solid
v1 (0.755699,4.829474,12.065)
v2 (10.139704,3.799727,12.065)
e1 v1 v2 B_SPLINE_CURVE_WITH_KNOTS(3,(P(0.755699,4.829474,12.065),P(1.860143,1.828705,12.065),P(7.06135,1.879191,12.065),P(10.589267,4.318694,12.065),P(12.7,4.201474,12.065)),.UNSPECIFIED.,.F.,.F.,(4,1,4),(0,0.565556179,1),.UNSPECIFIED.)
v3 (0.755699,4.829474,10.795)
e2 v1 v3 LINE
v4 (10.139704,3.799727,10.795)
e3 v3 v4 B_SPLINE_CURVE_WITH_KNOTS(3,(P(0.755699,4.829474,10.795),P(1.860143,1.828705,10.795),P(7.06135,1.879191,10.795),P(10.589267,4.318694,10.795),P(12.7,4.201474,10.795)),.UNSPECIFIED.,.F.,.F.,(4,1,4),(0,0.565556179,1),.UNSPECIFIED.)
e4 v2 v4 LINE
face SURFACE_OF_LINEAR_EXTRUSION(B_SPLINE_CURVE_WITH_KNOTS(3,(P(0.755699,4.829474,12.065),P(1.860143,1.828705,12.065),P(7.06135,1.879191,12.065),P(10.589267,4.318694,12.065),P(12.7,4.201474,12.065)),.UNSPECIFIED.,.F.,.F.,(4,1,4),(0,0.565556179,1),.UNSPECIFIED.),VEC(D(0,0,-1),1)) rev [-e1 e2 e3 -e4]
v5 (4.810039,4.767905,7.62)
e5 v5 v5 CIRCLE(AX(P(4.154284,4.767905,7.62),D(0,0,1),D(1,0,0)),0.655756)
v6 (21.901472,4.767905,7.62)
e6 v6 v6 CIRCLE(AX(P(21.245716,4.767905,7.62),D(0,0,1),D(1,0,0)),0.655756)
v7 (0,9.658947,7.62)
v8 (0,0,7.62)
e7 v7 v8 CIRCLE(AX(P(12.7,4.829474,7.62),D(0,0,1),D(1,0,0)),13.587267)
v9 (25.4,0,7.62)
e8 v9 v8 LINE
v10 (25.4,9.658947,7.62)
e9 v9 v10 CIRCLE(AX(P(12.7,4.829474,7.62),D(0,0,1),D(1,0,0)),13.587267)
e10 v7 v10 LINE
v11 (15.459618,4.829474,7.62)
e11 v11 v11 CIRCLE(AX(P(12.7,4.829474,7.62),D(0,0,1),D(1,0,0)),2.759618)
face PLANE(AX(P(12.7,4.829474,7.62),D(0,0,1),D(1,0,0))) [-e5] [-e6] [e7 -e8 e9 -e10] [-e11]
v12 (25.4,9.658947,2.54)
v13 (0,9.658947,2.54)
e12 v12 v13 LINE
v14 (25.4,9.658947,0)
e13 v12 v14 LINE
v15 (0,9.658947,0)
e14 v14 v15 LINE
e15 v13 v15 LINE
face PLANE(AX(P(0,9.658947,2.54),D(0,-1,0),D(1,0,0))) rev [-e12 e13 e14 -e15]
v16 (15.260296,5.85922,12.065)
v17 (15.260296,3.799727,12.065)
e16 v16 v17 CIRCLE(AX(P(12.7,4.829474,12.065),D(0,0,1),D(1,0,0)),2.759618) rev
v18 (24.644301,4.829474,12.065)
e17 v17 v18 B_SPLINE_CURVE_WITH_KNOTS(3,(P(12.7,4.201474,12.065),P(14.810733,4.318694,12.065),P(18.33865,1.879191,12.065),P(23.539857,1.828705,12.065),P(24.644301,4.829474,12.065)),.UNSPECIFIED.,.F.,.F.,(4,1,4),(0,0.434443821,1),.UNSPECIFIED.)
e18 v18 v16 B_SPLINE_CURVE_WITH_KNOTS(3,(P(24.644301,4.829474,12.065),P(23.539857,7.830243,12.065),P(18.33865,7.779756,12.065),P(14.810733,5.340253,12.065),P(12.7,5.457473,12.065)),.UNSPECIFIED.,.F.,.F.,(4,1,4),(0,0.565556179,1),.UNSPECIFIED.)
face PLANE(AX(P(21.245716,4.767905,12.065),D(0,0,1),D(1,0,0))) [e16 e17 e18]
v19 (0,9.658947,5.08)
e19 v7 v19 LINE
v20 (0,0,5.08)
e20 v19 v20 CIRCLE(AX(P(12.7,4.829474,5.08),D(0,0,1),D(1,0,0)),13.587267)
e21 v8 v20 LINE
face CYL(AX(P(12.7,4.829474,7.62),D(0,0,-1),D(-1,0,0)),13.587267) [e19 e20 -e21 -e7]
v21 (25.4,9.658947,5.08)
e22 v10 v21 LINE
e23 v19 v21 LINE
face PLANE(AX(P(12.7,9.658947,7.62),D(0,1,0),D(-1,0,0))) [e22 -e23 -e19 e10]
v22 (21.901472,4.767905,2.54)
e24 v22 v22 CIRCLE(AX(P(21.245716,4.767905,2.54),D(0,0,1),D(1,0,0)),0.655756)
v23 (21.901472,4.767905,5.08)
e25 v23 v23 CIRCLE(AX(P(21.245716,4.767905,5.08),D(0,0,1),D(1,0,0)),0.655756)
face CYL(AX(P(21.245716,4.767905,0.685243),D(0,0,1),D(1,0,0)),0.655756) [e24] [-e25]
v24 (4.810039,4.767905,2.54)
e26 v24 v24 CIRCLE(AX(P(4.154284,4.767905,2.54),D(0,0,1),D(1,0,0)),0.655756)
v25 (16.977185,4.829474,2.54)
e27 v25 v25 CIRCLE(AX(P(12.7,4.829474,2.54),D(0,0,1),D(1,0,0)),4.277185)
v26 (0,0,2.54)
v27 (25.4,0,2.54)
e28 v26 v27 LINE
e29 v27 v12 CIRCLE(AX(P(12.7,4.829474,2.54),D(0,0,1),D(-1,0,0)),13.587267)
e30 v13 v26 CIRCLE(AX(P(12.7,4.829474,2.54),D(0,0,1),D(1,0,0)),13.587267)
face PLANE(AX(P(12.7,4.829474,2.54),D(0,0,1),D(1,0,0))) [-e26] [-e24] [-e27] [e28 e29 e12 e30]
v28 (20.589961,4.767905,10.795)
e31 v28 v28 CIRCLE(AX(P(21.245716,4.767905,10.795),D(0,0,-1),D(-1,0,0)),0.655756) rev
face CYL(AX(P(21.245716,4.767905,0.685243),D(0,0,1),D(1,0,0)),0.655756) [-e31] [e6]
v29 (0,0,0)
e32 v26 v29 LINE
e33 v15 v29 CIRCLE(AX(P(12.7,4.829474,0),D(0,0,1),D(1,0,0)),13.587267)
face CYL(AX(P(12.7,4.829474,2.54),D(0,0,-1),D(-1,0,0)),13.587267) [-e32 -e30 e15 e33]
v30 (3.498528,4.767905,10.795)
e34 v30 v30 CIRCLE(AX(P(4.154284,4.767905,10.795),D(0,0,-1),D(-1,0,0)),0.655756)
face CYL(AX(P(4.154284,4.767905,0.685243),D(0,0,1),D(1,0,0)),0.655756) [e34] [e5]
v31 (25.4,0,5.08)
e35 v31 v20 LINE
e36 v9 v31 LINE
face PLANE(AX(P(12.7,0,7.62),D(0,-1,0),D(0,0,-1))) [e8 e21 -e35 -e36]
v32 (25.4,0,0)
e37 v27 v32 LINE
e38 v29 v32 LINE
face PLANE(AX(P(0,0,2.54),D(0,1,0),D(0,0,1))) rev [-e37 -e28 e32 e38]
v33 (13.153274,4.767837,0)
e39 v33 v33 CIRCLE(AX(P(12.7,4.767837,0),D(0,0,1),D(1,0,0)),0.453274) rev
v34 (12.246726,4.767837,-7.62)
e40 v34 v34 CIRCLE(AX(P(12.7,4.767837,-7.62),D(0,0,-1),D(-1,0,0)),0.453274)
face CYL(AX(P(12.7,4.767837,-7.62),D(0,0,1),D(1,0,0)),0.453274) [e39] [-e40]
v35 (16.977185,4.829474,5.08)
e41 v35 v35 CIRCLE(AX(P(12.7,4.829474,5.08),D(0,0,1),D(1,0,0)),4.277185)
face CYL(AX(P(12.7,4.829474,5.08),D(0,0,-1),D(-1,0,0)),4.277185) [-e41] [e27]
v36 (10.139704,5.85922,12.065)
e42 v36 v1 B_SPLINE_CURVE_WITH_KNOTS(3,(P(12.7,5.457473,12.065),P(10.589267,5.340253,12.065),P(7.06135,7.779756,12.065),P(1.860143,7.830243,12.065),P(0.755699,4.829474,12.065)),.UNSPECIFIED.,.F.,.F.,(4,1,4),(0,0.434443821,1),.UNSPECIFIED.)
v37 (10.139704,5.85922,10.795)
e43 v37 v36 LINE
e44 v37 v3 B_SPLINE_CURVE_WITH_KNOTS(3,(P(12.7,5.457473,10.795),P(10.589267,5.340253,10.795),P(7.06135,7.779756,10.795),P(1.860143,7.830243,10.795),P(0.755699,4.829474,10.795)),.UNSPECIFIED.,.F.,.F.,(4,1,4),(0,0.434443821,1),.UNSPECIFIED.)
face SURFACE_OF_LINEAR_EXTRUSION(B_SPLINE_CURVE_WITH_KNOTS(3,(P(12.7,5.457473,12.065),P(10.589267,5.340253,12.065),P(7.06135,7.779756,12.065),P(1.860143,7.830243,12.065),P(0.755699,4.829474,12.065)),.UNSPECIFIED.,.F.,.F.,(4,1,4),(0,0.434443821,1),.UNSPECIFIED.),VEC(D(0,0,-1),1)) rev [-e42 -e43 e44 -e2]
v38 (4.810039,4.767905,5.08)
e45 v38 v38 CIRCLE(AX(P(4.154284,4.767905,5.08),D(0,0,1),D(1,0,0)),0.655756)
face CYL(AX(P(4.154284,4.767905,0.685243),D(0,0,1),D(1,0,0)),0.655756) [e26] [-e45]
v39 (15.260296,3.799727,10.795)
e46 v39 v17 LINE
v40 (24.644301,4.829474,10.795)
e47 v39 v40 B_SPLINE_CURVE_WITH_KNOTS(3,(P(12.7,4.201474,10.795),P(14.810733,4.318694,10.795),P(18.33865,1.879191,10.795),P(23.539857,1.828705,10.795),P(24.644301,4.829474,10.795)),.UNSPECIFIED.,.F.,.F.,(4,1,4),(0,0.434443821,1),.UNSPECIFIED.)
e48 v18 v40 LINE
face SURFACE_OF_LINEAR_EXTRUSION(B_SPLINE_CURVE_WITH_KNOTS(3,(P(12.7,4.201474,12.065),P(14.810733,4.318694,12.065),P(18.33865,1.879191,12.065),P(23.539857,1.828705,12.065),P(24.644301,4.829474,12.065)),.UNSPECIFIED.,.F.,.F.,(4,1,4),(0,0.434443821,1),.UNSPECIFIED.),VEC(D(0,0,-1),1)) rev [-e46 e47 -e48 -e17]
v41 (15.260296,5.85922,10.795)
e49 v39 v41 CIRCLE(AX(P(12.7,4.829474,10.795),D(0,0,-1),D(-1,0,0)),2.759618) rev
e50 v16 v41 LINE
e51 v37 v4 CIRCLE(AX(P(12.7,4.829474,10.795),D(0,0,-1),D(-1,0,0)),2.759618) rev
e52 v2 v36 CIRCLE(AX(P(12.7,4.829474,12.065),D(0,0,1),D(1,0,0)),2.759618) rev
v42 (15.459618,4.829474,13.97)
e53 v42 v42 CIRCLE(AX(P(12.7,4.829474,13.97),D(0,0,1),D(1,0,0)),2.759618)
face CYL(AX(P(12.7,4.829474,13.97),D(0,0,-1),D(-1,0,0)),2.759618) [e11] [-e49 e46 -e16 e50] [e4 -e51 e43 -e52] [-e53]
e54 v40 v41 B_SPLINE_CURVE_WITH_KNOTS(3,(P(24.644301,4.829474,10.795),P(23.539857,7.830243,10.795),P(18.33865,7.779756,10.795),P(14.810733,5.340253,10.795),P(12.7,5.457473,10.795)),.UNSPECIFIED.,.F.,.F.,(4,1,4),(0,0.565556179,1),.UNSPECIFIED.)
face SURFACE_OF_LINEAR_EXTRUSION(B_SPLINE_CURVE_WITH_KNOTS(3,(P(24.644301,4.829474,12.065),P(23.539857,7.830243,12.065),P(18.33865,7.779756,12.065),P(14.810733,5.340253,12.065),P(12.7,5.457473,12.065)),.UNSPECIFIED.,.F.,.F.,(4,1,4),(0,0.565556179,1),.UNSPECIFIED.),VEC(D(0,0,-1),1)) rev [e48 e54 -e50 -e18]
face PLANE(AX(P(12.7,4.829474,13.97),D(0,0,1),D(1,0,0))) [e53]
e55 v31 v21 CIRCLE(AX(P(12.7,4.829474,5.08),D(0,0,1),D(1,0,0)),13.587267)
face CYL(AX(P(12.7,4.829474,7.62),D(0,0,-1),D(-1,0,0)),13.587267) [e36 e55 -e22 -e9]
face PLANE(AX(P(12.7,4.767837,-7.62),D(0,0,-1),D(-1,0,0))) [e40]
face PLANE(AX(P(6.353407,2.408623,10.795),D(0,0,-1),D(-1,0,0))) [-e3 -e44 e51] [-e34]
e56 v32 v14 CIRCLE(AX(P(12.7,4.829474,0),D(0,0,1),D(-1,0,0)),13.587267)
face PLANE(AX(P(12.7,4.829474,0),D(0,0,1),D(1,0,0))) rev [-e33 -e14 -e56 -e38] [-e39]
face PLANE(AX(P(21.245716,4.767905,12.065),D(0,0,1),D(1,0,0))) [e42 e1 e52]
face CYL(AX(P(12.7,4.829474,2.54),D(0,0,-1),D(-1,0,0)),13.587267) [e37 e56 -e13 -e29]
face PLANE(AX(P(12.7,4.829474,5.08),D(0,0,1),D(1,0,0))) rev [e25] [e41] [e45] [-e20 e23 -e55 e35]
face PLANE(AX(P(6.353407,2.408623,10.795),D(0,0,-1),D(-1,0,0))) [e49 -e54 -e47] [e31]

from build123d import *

# Parameters (mm, degrees)
BOSS_EXTRUDE1_DEPTH = 2.54
SKETCH2_R           = 4.277185328
BOSS_EXTRUDE2_DEPTH = 2.54
BOSS_EXTRUDE3_START = 2.54
BOSS_EXTRUDE3_DEPTH = 2.54
BOSS_EXTRUDE4_START = 3.175
BOSS_EXTRUDE4_DEPTH = 1.27
BOSS_EXTRUDE5_START = -9.525
SKETCH6_R           = 0.655755768
BOSS_EXTRUDE5_DEPTH = 8.255
SKETCH7_R           = 2.759618061
BOSS_EXTRUDE6_DEPTH = 6.35
SKETCH8_R           = 0.453273613
BOSS_EXTRUDE7_DEPTH = 7.62


with BuildPart() as part:
    # Sketch1 → Boss-Extrude1 (new body)
    with BuildSketch(Plane.XY):
        with BuildLine():
            Line((0, 0), (25.4, 0))
            ThreePointArc((25.4, 0), (26.287266684, 4.829473672), (25.4, 9.658947345))
            Line((25.4, 9.658947345), (0, 9.658947345))
            ThreePointArc((0, 9.658947345), (-0.887266684, 4.829473672), (0, 0))
        make_face()
    extrude(amount=BOSS_EXTRUDE1_DEPTH)

    # Sketch2 → Boss-Extrude2 (add)
    with BuildSketch(Plane.XY.offset(2.54)):
        with Locations((12.7, 4.829473672)):
            Circle(SKETCH2_R)
    extrude(amount=BOSS_EXTRUDE2_DEPTH)

    # Sketch4 → Boss-Extrude3 (add)
    with BuildSketch(Plane.XY.offset(2.54).offset(BOSS_EXTRUDE3_START)):
        with BuildLine():
            Line((25.4, 0), (0, 0))
            ThreePointArc((0, 0), (-0.887266684, 4.829473672), (0, 9.658947345))
            Line((0, 9.658947345), (25.4, 9.658947345))
            ThreePointArc((25.4, 9.658947345), (26.287266684, 4.829473672), (25.4, 0))
        make_face()
    extrude(amount=BOSS_EXTRUDE3_DEPTH)



with BuildPart() as body_2:
    # Sketch5 → Boss-Extrude4 (new body)
    with BuildSketch(Plane.XY.offset(7.62).offset(BOSS_EXTRUDE4_START)):
        with BuildLine():
            add(Edge.make_bspline(
                [(12.7, 4.20147434), (14.810733294, 4.318694194), (18.338650019, 1.879191252), (23.539856959, 1.828704507), (24.644301026, 4.829473672)],
                knots=[0, 0, 0, 0, 0.434443821, 1, 1, 1, 1], degree=3))
            add(Edge.make_bspline(
                [(12.7, 5.457473005), (14.810733294, 5.340253151), (18.338650019, 7.779756093), (23.539856959, 7.830242837), (24.644301026, 4.829473672)],
                knots=[0, 0, 0, 0, 0.434443821, 1, 1, 1, 1], degree=3))
            add(Edge.make_bspline(
                [(12.7, 5.457473005), (10.589266706, 5.340253151), (7.061349981, 7.779756093), (1.860143041, 7.830242837), (0.755698974, 4.829473672)],
                knots=[0, 0, 0, 0, 0.434443821, 1, 1, 1, 1], degree=3))
            add(Edge.make_bspline(
                [(12.7, 4.20147434), (10.589266706, 4.318694194), (7.061349981, 1.879191252), (1.860143041, 1.828704507), (0.755698974, 4.829473672)],
                knots=[0, 0, 0, 0, 0.434443821, 1, 1, 1, 1], degree=3))
        make_face()
    extrude(amount=BOSS_EXTRUDE4_DEPTH)


with BuildPart() as part_1:
    add(part.part)

    add(body_2.part)  # Boss-Extrude5 merges body 2
    # Sketch6 → Boss-Extrude5 (add)
    with BuildSketch(Plane.XY.offset(12.065).offset(BOSS_EXTRUDE5_START)):
        with Locations((21.245716404, 4.76790511)):
            Circle(SKETCH6_R)
        with Locations((4.154283596, 4.76790511)):
            Circle(SKETCH6_R)
    extrude(amount=BOSS_EXTRUDE5_DEPTH)

    # Sketch7 → Boss-Extrude6 (add)
    with BuildSketch(Plane.XY.offset(7.62)):
        with Locations((12.7, 4.829473672)):
            Circle(SKETCH7_R)
    extrude(amount=BOSS_EXTRUDE6_DEPTH)

    # Sketch8 → Boss-Extrude7 (add)
    with BuildSketch(Plane(origin=(0, 0, 0), x_dir=(-1, 0, 0), z_dir=(0, 0, -1))):
        with Locations(Location((-12.7, 4.767836587, 0), (0, 0, 180))):
            Circle(SKETCH8_R)
    extrude(amount=BOSS_EXTRUDE7_DEPTH)


solid = part_1.part
